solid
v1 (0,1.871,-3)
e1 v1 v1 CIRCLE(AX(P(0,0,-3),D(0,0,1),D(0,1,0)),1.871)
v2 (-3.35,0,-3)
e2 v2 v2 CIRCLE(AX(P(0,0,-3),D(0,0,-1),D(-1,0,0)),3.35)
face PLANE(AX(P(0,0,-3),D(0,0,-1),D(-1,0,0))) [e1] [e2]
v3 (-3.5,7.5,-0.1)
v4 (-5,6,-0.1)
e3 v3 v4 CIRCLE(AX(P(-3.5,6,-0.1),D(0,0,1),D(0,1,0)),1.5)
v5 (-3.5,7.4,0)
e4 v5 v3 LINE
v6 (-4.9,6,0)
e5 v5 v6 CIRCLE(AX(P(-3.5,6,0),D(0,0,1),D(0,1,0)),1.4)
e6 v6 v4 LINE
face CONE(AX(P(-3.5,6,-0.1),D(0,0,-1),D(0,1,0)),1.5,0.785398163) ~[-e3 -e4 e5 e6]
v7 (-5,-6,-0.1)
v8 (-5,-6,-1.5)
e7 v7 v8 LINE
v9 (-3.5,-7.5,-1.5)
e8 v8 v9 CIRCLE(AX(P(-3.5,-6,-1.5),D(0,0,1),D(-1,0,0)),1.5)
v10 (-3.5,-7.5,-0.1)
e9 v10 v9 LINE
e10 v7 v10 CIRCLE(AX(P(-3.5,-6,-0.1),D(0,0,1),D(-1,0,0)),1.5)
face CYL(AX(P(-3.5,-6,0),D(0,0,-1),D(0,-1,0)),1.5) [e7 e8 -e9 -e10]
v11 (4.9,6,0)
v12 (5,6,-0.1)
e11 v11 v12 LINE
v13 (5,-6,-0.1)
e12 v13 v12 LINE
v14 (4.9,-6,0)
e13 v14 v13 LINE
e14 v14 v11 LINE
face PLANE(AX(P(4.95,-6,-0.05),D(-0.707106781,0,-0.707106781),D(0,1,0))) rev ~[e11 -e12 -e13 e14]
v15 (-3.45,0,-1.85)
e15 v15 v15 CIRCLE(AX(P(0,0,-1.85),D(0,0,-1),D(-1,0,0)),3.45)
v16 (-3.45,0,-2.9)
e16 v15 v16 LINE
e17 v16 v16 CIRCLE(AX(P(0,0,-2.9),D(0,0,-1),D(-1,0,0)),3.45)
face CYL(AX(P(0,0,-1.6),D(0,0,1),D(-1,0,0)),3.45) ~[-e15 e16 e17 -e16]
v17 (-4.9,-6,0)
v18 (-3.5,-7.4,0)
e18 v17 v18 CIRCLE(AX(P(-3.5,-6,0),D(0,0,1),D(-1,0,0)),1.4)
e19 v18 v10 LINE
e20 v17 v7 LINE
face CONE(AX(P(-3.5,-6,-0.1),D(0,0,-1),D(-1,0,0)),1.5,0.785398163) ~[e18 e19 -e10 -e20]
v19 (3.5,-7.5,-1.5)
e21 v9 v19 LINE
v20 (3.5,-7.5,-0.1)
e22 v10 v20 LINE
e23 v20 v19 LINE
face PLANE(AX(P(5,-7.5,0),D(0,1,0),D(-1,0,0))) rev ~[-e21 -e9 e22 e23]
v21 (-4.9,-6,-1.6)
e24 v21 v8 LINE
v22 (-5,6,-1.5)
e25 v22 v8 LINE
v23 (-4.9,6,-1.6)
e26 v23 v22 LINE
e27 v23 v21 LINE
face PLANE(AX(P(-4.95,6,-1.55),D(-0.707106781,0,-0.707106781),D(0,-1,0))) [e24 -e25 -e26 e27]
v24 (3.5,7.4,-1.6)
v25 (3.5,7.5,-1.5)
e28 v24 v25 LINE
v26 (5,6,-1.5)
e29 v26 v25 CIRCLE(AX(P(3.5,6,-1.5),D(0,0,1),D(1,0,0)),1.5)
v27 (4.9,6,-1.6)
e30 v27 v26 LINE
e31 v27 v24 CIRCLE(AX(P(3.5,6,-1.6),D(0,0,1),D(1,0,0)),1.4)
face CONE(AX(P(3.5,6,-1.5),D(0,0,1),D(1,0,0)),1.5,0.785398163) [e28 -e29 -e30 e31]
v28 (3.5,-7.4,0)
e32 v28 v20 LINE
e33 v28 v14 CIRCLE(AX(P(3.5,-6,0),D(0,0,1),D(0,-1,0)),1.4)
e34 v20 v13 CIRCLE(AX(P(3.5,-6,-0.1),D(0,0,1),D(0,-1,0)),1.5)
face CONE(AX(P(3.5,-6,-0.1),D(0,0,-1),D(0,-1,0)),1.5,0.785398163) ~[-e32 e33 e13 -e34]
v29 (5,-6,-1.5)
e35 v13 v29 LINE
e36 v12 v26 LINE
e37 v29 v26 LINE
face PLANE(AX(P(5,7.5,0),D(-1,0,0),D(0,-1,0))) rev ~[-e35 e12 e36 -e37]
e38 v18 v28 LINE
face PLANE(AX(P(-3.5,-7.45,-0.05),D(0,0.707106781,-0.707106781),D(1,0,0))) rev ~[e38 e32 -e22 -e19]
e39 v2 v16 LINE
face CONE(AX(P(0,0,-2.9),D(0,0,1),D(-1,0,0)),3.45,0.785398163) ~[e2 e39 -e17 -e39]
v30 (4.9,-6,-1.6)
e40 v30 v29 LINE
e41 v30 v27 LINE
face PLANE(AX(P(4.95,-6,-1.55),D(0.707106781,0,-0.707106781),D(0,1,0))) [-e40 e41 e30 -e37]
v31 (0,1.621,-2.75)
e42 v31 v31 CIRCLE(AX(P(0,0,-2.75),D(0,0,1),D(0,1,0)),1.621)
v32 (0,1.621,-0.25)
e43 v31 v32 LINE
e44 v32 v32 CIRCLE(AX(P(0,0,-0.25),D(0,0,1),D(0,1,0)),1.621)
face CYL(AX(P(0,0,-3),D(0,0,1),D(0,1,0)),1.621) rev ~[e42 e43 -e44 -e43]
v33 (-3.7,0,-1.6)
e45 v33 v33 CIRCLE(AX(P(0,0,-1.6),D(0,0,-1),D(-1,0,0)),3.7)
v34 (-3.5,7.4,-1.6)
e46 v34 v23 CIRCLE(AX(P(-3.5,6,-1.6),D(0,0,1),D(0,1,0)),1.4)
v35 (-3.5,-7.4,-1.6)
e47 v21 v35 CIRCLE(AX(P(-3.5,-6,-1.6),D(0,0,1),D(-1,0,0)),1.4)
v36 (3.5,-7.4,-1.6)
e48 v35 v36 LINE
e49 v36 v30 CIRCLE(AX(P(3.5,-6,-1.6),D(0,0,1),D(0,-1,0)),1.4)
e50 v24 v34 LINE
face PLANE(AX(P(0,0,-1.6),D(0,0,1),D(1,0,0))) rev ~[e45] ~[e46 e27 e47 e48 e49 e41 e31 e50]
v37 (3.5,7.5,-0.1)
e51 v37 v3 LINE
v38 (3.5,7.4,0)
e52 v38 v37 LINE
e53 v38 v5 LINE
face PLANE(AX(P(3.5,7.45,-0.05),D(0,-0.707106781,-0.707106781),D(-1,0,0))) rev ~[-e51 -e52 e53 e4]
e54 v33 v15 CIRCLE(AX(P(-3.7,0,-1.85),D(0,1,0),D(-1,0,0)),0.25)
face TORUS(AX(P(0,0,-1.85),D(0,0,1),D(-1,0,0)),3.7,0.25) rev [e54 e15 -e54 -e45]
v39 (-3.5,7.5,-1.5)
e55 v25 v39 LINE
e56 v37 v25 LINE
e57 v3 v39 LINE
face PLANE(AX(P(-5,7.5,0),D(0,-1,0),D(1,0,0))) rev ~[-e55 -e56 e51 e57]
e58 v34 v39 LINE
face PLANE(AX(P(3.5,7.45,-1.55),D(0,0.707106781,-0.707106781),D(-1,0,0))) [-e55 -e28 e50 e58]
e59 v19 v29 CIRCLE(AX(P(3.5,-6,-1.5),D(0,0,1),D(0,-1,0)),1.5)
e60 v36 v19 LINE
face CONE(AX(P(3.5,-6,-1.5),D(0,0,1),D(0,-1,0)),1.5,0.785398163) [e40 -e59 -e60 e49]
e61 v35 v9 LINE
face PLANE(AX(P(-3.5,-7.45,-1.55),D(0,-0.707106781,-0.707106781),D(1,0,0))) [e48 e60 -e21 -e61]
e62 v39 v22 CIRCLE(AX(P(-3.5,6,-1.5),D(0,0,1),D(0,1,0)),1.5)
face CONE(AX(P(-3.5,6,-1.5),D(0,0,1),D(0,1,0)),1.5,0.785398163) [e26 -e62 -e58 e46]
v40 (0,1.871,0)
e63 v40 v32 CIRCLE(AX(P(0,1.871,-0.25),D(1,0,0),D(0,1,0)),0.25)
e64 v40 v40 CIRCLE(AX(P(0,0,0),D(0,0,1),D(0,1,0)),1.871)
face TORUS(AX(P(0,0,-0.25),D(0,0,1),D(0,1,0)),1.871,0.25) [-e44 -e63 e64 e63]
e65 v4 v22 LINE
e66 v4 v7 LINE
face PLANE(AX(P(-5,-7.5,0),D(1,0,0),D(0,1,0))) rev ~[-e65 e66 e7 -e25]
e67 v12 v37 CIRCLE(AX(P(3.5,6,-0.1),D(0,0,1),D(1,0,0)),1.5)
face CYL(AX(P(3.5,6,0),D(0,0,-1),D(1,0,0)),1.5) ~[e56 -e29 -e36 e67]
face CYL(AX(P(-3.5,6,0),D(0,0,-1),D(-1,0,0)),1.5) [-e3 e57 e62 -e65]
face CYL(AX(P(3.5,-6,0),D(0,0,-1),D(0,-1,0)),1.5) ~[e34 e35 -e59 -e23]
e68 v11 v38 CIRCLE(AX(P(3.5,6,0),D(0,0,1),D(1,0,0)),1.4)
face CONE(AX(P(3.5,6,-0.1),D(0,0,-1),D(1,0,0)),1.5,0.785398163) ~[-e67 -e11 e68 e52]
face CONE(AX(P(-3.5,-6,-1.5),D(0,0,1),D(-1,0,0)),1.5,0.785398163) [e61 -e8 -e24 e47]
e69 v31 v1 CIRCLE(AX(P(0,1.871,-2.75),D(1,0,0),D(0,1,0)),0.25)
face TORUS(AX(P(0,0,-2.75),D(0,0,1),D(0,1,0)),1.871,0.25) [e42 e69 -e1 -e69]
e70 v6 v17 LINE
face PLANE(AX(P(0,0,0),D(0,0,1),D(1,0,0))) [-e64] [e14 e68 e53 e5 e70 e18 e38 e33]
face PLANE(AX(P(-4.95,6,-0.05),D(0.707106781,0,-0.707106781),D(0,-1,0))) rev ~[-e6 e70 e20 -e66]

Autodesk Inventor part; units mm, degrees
ref_plane "YZ Plane" through (0, 0, 0) normal (1, 0, 0) x (0, 1, 0)
ref_plane "XZ Plane" through (0, 0, 0) normal (0, 1, 0) x (-1, 0, 0)
ref_plane "XY Plane" through (0, 0, 0) normal (0, 0, 1) x (1, 0, 0)
sketch "Sketch1" plane through (0, 0, 0) normal (0, 0, 1) x (1, 0, 0)
  line L0 (5, -7.5) -> (-5, -7.5)
  line L1 (-5, -7.5) -> (-5, 7.5)
  line L2 (-5, 7.5) -> (5, 7.5)
  line L3 (5, 7.5) -> (5, -7.5)
  line L4 (5, -7.5) -> (-5, 7.5) construction
  line L5 (-5, -7.5) -> (5, 7.5) construction
  point P0 (0, 0)
  dimension "d0" = 10
  dimension "d1" = 15
extrude "Extrusion1" add sketch "Sketch1" against normal blind 1.6
sketch "Sketch2" plane through (0, 0, -1.6) normal (0, 0, -1) x (-1, 0, 0)
  circle A0 centre (0, 0) radius 3.45
  dimension "d4" = 6.9
extrude "Extrusion2" add sketch "Sketch2" along normal blind 1.4
fillet "Fillet1" radius 0.25 1 edges at (3.45, 0, -1.6)
fillet "Fillet2" radius 1.5 4 edges at (5, 7.5, -0.8) (-5, 7.5, -0.8) (-5, -7.5, -0.8) (5, -7.5, -0.8)
sketch "Sketch3" plane through (0, 0, -3) normal (0, 0, -1) x (-1, 0, 0)
  circle A0 centre (0, 0) radius 3.45 projected
hole "Hole1" at (0, 0, -3) direction (0, 0, 1) diameter 3.242 end through all thread size "M4x0.7" class "6H" standard "ANSI Metric M Profile"
fillet "Fillet3" radius 0.25 2 edges at (0, -1.621, 0) (0, -1.621, -3)
chamfer "Chamfer1" distance 0.1 angle 45 1 edges at (3.45, 0, -3)
chamfer "Chamfer2" distance 0.1 angle 45 16 edges at (4.5607, 7.0607, 0) (5, 0, 0) (4.5607, -7.0607, 0) (0, -7.5, 0) (-4.5607, -7.0607, 0) (-5, 0, 0) (-4.5607, 7.0607, 0) (0, 7.5, 0) (4.5607, 7.0607, -1.6) (0, 7.5, -1.6) (-4.5607, 7.0607, -1.6) (-5, 0, -1.6) (-4.5607, -7.0607, -1.6) (0, -7.5, -1.6) (4.5607, -7.0607, -1.6) (5, 0, -1.6)
properties part number "M4 T SLOT NUT"
